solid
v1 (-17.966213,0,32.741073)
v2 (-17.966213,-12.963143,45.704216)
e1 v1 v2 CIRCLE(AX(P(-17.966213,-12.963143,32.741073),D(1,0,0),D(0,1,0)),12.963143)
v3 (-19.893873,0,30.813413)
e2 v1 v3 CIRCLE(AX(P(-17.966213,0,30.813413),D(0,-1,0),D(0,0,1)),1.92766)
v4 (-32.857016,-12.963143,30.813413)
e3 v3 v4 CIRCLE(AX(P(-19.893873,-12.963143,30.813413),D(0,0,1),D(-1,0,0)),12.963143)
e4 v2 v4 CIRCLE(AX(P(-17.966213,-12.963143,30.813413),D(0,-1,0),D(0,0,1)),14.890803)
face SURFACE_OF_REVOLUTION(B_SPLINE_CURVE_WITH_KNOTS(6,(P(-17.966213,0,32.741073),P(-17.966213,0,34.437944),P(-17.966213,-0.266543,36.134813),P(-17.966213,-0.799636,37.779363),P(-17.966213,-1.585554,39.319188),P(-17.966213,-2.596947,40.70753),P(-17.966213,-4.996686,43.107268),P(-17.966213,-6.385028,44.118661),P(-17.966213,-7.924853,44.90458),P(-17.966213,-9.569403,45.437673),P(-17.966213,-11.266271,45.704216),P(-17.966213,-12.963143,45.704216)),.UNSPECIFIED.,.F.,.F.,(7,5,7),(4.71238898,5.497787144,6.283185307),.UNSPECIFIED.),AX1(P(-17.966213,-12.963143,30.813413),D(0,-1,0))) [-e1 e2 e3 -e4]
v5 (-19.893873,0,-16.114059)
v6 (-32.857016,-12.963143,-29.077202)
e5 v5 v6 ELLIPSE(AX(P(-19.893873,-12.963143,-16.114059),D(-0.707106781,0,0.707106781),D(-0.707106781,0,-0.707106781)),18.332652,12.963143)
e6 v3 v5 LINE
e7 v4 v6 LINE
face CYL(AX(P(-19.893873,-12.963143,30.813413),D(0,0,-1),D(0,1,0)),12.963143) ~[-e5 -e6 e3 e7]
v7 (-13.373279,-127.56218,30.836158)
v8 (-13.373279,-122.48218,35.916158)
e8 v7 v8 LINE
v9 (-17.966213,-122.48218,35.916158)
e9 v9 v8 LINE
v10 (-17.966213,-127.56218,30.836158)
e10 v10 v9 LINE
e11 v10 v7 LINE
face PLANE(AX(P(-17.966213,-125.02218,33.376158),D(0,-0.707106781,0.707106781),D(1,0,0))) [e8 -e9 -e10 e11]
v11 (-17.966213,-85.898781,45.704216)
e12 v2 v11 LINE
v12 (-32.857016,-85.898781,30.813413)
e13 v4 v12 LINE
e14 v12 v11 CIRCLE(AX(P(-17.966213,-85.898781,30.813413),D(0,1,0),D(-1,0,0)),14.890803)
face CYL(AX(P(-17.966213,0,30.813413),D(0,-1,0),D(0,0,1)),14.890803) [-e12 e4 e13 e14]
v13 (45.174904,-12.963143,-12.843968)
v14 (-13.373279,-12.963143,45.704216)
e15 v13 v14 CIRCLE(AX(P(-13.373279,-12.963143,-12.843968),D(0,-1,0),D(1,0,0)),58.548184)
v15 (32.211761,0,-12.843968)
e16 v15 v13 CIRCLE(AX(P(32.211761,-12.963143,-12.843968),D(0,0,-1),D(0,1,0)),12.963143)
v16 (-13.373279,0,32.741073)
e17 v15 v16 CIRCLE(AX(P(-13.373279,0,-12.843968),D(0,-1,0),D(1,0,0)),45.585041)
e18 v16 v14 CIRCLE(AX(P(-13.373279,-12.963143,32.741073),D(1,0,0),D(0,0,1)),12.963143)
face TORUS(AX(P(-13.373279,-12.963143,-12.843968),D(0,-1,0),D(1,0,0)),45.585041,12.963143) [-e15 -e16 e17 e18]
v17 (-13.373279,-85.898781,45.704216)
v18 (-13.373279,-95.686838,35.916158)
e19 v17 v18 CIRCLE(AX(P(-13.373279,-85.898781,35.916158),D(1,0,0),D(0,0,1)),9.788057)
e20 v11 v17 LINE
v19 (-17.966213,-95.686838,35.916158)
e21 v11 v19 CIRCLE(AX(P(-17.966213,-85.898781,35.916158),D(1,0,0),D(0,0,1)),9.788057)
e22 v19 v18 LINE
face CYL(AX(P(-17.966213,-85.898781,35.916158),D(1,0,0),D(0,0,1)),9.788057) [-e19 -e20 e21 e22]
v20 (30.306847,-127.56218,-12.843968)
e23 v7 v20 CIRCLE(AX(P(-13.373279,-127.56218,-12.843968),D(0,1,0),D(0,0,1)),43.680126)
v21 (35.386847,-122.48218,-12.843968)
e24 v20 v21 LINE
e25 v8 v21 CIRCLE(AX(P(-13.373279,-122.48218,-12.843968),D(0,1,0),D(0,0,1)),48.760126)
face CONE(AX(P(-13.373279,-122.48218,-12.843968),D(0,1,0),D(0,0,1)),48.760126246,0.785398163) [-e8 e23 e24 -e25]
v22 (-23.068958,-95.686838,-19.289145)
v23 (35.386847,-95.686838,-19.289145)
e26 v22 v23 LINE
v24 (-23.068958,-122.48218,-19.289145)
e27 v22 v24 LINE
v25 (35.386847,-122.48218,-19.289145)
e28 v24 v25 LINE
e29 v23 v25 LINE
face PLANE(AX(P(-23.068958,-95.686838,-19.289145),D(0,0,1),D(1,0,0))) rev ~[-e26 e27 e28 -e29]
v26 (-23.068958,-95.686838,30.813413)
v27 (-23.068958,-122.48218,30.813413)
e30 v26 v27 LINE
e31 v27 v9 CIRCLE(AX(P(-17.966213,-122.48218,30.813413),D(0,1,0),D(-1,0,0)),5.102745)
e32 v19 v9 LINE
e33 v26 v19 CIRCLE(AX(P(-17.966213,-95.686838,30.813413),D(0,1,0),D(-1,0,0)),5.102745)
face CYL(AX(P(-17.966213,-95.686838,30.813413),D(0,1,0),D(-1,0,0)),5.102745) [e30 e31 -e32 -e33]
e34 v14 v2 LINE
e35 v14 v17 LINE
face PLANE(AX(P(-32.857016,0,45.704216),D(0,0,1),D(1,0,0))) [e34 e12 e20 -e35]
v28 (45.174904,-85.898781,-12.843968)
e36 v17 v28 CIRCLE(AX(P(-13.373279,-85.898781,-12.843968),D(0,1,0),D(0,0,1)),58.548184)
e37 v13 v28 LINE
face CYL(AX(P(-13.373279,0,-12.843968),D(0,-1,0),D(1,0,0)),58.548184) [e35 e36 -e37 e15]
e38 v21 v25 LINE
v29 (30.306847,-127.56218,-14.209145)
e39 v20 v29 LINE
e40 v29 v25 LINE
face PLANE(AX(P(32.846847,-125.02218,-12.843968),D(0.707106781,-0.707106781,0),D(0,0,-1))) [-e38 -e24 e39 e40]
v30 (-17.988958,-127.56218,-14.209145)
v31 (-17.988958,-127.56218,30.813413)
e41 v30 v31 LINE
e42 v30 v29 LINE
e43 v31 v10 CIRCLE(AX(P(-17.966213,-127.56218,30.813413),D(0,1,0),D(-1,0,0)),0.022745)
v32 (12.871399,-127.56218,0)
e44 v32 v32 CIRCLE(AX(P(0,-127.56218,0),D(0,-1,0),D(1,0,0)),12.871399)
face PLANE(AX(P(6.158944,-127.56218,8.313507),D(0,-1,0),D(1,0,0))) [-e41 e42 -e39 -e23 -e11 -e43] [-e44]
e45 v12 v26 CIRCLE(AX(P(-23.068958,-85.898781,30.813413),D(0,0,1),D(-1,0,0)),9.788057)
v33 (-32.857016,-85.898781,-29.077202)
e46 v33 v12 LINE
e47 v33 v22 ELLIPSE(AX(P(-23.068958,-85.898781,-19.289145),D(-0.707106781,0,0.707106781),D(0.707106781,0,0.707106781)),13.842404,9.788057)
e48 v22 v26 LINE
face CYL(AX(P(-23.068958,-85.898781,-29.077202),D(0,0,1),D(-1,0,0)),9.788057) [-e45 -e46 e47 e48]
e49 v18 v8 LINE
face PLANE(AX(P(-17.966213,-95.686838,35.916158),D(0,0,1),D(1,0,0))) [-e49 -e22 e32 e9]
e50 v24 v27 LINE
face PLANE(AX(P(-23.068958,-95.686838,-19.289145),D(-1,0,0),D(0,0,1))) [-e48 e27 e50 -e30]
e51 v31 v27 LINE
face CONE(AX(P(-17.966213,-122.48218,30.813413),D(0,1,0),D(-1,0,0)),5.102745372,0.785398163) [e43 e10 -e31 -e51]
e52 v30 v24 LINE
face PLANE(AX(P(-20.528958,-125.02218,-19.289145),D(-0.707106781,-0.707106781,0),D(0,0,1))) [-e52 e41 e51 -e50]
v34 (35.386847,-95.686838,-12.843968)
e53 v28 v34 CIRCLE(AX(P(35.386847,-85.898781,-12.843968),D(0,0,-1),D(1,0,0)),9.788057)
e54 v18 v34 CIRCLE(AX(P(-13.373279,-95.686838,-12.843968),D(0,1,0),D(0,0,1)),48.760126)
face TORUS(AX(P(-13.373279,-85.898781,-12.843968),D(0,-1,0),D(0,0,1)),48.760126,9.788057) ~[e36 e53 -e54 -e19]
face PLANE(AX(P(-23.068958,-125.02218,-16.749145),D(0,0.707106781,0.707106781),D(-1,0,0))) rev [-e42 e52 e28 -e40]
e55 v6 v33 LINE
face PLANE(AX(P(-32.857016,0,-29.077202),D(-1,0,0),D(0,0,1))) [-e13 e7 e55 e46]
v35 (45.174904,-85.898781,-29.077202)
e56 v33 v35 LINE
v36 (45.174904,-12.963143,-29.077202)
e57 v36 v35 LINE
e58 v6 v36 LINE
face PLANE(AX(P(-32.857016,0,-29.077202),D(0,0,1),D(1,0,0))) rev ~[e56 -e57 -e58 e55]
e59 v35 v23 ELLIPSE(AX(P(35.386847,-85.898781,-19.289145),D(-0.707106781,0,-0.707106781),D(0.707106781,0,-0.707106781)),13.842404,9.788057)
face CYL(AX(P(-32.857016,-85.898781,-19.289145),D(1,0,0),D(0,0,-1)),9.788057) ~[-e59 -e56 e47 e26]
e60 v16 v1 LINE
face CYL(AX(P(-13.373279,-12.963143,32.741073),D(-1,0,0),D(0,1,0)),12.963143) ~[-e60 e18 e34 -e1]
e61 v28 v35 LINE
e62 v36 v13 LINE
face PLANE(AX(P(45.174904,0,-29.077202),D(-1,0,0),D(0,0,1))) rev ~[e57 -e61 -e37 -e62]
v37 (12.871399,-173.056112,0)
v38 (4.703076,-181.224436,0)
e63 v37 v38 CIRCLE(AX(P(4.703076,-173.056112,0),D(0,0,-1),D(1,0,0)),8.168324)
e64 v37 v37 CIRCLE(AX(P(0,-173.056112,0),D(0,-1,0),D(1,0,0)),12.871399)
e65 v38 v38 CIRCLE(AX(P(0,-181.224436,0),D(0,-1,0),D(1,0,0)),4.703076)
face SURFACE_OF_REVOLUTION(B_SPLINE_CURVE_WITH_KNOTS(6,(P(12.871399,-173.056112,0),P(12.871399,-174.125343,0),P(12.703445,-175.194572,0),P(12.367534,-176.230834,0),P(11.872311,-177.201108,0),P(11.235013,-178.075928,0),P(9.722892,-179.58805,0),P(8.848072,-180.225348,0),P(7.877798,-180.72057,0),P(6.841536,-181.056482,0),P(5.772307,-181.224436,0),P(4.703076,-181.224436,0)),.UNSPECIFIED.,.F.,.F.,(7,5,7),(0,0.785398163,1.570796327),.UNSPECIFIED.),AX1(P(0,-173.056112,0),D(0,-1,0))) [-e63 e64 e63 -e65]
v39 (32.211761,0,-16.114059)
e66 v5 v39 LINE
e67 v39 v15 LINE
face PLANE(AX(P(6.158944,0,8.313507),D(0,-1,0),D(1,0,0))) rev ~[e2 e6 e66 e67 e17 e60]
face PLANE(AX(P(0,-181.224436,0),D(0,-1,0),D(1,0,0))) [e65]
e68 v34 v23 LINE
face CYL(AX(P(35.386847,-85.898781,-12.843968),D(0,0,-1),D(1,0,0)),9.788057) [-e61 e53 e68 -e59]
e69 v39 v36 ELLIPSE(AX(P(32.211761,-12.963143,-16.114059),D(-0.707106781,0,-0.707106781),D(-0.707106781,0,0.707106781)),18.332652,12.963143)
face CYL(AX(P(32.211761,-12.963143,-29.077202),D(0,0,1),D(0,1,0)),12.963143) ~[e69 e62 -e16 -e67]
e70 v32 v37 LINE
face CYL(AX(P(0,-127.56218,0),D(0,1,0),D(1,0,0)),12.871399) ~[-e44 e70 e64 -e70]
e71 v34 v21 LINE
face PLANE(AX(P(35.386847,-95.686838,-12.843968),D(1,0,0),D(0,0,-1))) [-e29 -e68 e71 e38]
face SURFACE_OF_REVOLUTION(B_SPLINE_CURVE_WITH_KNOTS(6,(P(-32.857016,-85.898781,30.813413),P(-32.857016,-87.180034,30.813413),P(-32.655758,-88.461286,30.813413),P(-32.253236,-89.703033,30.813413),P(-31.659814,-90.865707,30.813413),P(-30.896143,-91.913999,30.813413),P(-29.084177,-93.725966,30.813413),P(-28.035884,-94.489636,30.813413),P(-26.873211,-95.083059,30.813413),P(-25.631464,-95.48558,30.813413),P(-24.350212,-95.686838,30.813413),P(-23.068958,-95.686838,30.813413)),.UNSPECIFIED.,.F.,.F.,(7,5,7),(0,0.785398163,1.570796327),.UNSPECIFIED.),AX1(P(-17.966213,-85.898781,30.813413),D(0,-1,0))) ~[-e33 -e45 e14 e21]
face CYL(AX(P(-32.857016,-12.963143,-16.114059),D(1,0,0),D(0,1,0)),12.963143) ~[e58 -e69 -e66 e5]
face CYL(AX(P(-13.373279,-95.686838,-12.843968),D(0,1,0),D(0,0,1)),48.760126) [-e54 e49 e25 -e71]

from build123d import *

# Parameters (mm, degrees)
F0_W     = 78.0319198966
F0_H     = 74.7814178467
F1_DEPTH = 95.6868380308
F2_R     = 58.5481836396
F3_R     = 14.8908027662
F4_R     = 9.7880573939
F5_R     = 12.9631428279
F6_DEPTH = 31.8753421307
F7_SIZE  = 5.08
F8_R     = 12.871399231
F9_DEPTH = 53.6622554064
F10_R    = 8.1683236061


with BuildPart() as f1:
    # F0 (on Front) → F1 (new body)
    with BuildSketch(Plane.XZ):
        with Locations((6.1589442194, 8.3135068417)):
            Rectangle(F0_W, F0_H)
    extrude(amount=F1_DEPTH)

    # F2
    f2_edges = [f1.edges().sort_by_distance(p)[0] for p in [
        (45.174904, -47.843419, 45.704216),
    ]]
    fillet(f2_edges, radius=F2_R)

    # F3
    f3_edges = [f1.edges().sort_by_distance(p)[0] for p in [
        (-32.857016, -47.843419, 45.704216),
    ]]
    fillet(f3_edges, radius=F3_R)

    # F4
    f4_edges = [f1.edges().sort_by_distance(p)[0] for p in [
        (-15.669746, -95.686838, 45.704216),
        (-28.495601, -95.686838, 41.342801),
        (28.026538, -95.686838, 28.55585),
        (-32.857016, -95.686838, 0.868105),
        (45.174904, -95.686838, -20.960585),
        (6.158944, -95.686838, -29.077202),
    ]]
    fillet(f4_edges, radius=F4_R)

    # F5
    f5_edges = [f1.edges().sort_by_distance(p)[0] for p in [
        (28.026538, 0, 28.55585),
        (-15.669746, 0, 45.704216),
        (-28.495601, 0, 41.342801),
        (-32.857016, 0, 0.868105),
        (45.174904, 0, -20.960585),
        (6.158944, 0, -29.077202),
    ]]
    fillet(f5_edges, radius=F5_R)

    # F6 (add): a face of the model
    f6_faces = [f1.faces().sort_by_distance(p)[0] for p in [
        (2.7661274156, -95.6868380308, 5.1141155416),
    ]]
    extrude(f6_faces, amount=F6_DEPTH)

    # F7
    f7_edges = [f1.edges().sort_by_distance(p)[0] for p in [
        (35.386847, -127.56218, -16.066556),
        (6.158944, -127.56218, -19.289145),
        (21.105336, -127.56218, 21.634648),
        (-23.068958, -127.56218, 5.762134),
        (-15.669746, -127.56218, 35.916158),
        (-21.574399, -127.56218, 34.421599),
    ]]
    chamfer(f7_edges, length=F7_SIZE)

    # F8 (on face) → F9 (join)
    with BuildSketch(Plane.XZ.offset(127.5621801615)):
        Circle(F8_R)
    extrude(amount=F9_DEPTH)

    # F10
    f10_edges = [f1.edges().sort_by_distance(p)[0] for p in [
        (-12.871399, -181.224436, 0),
    ]]
    fillet(f10_edges, radius=F10_R)


solid = f1.part
